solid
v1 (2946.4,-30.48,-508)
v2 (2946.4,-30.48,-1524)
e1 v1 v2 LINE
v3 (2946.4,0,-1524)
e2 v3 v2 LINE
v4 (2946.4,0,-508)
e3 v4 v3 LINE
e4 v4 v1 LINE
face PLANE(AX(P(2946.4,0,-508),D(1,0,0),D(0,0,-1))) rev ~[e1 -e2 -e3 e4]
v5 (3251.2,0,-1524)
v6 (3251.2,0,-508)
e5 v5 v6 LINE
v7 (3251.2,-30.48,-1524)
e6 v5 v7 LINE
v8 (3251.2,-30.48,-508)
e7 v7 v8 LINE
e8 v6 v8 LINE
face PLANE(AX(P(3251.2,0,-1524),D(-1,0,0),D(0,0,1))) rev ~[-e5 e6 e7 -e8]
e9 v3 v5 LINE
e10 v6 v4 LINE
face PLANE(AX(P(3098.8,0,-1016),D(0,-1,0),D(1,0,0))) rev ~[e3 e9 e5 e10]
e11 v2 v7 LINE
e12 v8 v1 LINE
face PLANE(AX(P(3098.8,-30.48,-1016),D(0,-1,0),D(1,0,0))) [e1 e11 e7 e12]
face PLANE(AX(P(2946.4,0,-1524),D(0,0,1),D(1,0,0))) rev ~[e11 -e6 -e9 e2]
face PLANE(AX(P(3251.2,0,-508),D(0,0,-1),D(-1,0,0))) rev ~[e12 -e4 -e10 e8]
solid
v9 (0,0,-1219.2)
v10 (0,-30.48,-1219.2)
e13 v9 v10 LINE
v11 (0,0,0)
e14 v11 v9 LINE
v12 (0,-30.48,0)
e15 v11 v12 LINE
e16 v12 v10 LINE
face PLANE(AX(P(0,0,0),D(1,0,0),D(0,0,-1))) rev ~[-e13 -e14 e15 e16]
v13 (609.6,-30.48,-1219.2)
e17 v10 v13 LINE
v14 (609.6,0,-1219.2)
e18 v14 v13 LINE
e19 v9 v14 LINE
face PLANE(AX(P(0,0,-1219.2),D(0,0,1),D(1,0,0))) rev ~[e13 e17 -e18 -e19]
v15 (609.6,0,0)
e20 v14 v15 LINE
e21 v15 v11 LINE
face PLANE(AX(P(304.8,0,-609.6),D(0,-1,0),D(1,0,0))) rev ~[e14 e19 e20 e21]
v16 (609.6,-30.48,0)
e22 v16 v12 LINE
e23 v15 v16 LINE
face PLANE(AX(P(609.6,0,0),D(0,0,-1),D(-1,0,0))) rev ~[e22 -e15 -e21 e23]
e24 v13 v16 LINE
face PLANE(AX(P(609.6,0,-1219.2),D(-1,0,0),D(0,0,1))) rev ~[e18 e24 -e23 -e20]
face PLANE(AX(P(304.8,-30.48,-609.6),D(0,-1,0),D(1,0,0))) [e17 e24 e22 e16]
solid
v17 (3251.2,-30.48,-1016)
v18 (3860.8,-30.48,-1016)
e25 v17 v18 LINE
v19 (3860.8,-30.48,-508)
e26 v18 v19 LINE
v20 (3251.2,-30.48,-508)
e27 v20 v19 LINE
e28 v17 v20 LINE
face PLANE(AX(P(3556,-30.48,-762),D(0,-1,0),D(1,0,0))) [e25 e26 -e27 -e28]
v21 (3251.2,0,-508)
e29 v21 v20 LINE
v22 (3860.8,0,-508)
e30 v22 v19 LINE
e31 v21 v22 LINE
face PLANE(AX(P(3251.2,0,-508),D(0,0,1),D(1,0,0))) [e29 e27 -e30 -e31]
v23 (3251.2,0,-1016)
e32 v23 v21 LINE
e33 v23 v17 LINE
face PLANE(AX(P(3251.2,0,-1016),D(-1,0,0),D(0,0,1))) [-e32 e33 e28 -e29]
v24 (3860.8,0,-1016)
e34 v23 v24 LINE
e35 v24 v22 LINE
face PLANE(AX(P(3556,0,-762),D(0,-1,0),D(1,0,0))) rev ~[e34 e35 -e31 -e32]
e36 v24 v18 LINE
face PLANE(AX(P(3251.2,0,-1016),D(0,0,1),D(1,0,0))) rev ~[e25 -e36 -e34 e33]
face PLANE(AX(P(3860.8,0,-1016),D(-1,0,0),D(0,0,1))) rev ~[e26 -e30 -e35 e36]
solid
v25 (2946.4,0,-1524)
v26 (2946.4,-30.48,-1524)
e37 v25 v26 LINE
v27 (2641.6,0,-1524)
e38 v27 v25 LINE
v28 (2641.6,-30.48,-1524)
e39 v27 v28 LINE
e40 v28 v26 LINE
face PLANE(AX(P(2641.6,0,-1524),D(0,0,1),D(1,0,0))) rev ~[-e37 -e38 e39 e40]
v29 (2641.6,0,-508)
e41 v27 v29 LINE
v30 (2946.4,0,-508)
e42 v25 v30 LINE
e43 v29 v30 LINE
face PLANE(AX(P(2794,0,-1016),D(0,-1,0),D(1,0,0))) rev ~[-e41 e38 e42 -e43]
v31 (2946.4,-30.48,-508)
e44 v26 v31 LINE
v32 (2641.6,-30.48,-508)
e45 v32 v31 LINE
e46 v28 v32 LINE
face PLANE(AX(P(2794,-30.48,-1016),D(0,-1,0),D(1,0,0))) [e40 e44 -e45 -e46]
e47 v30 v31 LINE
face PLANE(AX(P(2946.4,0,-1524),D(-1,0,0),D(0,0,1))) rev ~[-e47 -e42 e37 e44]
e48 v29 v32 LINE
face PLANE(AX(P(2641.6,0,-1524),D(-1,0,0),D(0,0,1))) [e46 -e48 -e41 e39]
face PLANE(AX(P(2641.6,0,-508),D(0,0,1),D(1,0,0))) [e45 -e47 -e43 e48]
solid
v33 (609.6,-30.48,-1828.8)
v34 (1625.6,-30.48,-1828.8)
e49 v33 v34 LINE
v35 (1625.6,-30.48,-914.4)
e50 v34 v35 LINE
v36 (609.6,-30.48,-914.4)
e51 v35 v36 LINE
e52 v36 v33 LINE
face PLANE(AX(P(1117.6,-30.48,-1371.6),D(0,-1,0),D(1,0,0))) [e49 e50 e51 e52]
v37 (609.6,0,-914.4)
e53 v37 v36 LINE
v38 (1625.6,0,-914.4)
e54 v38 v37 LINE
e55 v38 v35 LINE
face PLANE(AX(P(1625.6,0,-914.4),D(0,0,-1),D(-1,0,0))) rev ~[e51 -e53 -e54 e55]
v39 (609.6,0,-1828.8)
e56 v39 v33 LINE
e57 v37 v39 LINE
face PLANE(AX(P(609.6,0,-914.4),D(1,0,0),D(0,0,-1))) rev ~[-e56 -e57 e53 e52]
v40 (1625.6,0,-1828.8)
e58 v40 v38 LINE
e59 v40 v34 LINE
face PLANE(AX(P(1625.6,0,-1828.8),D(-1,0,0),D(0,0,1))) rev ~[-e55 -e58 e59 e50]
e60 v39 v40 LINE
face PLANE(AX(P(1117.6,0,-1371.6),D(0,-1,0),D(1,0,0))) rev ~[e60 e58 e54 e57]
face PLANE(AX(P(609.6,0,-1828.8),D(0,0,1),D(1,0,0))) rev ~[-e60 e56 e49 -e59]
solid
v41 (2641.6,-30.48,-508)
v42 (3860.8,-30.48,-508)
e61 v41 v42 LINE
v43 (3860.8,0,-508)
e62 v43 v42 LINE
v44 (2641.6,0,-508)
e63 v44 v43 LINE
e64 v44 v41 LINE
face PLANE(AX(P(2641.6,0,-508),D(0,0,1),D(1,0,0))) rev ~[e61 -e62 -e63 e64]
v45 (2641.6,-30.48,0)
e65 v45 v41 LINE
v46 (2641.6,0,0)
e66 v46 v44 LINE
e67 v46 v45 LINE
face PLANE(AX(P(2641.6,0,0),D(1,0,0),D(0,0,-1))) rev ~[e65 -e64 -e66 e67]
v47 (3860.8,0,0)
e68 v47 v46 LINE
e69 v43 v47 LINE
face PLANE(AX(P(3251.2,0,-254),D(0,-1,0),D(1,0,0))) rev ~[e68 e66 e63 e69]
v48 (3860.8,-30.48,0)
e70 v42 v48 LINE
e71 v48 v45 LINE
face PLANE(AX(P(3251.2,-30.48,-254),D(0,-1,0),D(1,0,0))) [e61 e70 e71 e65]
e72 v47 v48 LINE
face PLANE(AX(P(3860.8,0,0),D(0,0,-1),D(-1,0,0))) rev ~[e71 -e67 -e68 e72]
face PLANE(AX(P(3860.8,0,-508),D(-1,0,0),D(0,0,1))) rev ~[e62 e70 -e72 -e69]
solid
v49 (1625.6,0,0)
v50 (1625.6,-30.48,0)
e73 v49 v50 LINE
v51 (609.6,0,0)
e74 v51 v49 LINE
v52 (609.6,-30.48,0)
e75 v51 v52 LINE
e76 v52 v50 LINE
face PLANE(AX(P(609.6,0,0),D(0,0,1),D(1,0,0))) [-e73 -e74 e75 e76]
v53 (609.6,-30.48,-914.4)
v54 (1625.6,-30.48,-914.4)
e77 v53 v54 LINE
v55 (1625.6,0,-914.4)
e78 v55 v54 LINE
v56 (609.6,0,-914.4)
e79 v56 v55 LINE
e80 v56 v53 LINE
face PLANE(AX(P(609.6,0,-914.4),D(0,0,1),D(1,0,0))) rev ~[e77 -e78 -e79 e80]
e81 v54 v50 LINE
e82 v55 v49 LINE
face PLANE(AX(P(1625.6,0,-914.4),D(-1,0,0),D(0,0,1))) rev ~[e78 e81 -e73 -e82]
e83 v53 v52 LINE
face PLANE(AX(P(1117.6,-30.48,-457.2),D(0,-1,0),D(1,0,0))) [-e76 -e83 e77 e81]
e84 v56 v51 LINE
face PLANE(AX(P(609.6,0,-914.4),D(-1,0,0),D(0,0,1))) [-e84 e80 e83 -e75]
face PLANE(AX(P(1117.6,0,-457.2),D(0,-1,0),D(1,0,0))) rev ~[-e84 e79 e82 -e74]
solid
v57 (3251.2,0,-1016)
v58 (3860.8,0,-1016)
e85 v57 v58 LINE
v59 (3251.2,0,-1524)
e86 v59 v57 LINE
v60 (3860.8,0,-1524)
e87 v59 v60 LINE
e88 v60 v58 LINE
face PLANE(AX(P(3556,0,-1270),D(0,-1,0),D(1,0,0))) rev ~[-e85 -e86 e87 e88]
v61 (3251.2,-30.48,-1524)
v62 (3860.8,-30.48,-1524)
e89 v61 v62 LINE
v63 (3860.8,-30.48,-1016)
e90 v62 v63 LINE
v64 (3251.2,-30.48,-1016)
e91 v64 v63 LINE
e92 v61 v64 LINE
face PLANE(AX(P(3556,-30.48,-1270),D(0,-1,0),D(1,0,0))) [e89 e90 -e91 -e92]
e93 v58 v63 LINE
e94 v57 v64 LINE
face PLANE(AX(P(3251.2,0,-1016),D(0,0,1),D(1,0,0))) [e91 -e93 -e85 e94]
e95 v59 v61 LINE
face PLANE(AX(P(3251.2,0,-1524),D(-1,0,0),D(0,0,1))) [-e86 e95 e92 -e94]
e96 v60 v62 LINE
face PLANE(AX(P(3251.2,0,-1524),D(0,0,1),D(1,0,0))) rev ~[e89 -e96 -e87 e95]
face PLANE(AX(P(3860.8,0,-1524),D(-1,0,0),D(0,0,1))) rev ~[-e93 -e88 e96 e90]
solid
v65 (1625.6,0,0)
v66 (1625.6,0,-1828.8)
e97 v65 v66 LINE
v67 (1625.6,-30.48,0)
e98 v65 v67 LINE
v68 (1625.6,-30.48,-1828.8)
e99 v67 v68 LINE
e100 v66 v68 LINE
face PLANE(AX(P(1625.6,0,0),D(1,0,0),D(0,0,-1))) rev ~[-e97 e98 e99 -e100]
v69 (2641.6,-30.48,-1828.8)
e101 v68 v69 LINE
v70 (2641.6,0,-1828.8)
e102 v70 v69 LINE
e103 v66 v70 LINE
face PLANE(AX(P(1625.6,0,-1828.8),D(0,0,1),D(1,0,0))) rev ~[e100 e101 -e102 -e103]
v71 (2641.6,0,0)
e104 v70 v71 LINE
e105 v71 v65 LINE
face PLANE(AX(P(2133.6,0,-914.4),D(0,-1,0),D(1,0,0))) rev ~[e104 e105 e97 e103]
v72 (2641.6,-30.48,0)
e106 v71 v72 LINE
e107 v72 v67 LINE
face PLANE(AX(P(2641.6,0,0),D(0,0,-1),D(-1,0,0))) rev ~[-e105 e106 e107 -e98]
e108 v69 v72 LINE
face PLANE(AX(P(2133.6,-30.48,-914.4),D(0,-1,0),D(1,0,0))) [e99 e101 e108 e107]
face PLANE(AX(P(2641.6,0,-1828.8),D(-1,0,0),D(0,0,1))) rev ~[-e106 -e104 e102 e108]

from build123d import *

# Parameters (mm, degrees)
F1_DEPTH = 30.48
F0_W     = 1016
F0_H     = 914.4
F0_W_2   = 609.6
F0_H_2   = 508
F2_DEPTH = 30.48
F0_W_3   = 304.8
F0_H_3   = 1016
F3_DEPTH = 30.48


with BuildPart() as f1:
    # F0 (on Front) → F1 (new body)
    with BuildSketch(Plane.XZ):
        Polygon((609.6, 0), (0, 0), (0, -1219.2), (609.6, -1219.2), (609.6, -914.4), align=None)
        Polygon((2641.6, 0), (1625.6, 0), (1625.6, -914.4), (1625.6, -1828.8), (2641.6, -1828.8), (2641.6, -1524), (2641.6, -508), align=None)
        Polygon((3251.2, -508), (2946.4, -508), (2946.4, -1524), (3251.2, -1524), (3251.2, -1016), align=None)
    extrude(amount=F1_DEPTH)


with BuildPart() as f2:
    # F0 (on Front) → F2 (new body)
    with BuildSketch(Plane.XZ):
        with Locations((1117.6, -457.2)):
            Rectangle(F0_W, F0_H)
        Polygon((3860.8, 0), (2641.6, 0), (2641.6, -508), (2946.4, -508), (3251.2, -508), (3860.8, -508), align=None)
        with Locations((3556, -1270)):
            Rectangle(F0_W_2, F0_H_2)
    extrude(amount=F2_DEPTH)


with BuildPart() as f3:
    # F0 (on Front) → F3 (new body)
    with BuildSketch(Plane.XZ):
        Polygon((1625.6, -914.4), (609.6, -914.4), (609.6, -1219.2), (609.6, -1828.8), (1625.6, -1828.8), align=None)
        with Locations((2794, -1016)):
            Rectangle(F0_W_3, F0_H_3)
        with Locations((3556, -762)):
            Rectangle(F0_W_2, F0_H_2)
    extrude(amount=F3_DEPTH)


solid = Compound([f1.part, f2.part, f3.part])
